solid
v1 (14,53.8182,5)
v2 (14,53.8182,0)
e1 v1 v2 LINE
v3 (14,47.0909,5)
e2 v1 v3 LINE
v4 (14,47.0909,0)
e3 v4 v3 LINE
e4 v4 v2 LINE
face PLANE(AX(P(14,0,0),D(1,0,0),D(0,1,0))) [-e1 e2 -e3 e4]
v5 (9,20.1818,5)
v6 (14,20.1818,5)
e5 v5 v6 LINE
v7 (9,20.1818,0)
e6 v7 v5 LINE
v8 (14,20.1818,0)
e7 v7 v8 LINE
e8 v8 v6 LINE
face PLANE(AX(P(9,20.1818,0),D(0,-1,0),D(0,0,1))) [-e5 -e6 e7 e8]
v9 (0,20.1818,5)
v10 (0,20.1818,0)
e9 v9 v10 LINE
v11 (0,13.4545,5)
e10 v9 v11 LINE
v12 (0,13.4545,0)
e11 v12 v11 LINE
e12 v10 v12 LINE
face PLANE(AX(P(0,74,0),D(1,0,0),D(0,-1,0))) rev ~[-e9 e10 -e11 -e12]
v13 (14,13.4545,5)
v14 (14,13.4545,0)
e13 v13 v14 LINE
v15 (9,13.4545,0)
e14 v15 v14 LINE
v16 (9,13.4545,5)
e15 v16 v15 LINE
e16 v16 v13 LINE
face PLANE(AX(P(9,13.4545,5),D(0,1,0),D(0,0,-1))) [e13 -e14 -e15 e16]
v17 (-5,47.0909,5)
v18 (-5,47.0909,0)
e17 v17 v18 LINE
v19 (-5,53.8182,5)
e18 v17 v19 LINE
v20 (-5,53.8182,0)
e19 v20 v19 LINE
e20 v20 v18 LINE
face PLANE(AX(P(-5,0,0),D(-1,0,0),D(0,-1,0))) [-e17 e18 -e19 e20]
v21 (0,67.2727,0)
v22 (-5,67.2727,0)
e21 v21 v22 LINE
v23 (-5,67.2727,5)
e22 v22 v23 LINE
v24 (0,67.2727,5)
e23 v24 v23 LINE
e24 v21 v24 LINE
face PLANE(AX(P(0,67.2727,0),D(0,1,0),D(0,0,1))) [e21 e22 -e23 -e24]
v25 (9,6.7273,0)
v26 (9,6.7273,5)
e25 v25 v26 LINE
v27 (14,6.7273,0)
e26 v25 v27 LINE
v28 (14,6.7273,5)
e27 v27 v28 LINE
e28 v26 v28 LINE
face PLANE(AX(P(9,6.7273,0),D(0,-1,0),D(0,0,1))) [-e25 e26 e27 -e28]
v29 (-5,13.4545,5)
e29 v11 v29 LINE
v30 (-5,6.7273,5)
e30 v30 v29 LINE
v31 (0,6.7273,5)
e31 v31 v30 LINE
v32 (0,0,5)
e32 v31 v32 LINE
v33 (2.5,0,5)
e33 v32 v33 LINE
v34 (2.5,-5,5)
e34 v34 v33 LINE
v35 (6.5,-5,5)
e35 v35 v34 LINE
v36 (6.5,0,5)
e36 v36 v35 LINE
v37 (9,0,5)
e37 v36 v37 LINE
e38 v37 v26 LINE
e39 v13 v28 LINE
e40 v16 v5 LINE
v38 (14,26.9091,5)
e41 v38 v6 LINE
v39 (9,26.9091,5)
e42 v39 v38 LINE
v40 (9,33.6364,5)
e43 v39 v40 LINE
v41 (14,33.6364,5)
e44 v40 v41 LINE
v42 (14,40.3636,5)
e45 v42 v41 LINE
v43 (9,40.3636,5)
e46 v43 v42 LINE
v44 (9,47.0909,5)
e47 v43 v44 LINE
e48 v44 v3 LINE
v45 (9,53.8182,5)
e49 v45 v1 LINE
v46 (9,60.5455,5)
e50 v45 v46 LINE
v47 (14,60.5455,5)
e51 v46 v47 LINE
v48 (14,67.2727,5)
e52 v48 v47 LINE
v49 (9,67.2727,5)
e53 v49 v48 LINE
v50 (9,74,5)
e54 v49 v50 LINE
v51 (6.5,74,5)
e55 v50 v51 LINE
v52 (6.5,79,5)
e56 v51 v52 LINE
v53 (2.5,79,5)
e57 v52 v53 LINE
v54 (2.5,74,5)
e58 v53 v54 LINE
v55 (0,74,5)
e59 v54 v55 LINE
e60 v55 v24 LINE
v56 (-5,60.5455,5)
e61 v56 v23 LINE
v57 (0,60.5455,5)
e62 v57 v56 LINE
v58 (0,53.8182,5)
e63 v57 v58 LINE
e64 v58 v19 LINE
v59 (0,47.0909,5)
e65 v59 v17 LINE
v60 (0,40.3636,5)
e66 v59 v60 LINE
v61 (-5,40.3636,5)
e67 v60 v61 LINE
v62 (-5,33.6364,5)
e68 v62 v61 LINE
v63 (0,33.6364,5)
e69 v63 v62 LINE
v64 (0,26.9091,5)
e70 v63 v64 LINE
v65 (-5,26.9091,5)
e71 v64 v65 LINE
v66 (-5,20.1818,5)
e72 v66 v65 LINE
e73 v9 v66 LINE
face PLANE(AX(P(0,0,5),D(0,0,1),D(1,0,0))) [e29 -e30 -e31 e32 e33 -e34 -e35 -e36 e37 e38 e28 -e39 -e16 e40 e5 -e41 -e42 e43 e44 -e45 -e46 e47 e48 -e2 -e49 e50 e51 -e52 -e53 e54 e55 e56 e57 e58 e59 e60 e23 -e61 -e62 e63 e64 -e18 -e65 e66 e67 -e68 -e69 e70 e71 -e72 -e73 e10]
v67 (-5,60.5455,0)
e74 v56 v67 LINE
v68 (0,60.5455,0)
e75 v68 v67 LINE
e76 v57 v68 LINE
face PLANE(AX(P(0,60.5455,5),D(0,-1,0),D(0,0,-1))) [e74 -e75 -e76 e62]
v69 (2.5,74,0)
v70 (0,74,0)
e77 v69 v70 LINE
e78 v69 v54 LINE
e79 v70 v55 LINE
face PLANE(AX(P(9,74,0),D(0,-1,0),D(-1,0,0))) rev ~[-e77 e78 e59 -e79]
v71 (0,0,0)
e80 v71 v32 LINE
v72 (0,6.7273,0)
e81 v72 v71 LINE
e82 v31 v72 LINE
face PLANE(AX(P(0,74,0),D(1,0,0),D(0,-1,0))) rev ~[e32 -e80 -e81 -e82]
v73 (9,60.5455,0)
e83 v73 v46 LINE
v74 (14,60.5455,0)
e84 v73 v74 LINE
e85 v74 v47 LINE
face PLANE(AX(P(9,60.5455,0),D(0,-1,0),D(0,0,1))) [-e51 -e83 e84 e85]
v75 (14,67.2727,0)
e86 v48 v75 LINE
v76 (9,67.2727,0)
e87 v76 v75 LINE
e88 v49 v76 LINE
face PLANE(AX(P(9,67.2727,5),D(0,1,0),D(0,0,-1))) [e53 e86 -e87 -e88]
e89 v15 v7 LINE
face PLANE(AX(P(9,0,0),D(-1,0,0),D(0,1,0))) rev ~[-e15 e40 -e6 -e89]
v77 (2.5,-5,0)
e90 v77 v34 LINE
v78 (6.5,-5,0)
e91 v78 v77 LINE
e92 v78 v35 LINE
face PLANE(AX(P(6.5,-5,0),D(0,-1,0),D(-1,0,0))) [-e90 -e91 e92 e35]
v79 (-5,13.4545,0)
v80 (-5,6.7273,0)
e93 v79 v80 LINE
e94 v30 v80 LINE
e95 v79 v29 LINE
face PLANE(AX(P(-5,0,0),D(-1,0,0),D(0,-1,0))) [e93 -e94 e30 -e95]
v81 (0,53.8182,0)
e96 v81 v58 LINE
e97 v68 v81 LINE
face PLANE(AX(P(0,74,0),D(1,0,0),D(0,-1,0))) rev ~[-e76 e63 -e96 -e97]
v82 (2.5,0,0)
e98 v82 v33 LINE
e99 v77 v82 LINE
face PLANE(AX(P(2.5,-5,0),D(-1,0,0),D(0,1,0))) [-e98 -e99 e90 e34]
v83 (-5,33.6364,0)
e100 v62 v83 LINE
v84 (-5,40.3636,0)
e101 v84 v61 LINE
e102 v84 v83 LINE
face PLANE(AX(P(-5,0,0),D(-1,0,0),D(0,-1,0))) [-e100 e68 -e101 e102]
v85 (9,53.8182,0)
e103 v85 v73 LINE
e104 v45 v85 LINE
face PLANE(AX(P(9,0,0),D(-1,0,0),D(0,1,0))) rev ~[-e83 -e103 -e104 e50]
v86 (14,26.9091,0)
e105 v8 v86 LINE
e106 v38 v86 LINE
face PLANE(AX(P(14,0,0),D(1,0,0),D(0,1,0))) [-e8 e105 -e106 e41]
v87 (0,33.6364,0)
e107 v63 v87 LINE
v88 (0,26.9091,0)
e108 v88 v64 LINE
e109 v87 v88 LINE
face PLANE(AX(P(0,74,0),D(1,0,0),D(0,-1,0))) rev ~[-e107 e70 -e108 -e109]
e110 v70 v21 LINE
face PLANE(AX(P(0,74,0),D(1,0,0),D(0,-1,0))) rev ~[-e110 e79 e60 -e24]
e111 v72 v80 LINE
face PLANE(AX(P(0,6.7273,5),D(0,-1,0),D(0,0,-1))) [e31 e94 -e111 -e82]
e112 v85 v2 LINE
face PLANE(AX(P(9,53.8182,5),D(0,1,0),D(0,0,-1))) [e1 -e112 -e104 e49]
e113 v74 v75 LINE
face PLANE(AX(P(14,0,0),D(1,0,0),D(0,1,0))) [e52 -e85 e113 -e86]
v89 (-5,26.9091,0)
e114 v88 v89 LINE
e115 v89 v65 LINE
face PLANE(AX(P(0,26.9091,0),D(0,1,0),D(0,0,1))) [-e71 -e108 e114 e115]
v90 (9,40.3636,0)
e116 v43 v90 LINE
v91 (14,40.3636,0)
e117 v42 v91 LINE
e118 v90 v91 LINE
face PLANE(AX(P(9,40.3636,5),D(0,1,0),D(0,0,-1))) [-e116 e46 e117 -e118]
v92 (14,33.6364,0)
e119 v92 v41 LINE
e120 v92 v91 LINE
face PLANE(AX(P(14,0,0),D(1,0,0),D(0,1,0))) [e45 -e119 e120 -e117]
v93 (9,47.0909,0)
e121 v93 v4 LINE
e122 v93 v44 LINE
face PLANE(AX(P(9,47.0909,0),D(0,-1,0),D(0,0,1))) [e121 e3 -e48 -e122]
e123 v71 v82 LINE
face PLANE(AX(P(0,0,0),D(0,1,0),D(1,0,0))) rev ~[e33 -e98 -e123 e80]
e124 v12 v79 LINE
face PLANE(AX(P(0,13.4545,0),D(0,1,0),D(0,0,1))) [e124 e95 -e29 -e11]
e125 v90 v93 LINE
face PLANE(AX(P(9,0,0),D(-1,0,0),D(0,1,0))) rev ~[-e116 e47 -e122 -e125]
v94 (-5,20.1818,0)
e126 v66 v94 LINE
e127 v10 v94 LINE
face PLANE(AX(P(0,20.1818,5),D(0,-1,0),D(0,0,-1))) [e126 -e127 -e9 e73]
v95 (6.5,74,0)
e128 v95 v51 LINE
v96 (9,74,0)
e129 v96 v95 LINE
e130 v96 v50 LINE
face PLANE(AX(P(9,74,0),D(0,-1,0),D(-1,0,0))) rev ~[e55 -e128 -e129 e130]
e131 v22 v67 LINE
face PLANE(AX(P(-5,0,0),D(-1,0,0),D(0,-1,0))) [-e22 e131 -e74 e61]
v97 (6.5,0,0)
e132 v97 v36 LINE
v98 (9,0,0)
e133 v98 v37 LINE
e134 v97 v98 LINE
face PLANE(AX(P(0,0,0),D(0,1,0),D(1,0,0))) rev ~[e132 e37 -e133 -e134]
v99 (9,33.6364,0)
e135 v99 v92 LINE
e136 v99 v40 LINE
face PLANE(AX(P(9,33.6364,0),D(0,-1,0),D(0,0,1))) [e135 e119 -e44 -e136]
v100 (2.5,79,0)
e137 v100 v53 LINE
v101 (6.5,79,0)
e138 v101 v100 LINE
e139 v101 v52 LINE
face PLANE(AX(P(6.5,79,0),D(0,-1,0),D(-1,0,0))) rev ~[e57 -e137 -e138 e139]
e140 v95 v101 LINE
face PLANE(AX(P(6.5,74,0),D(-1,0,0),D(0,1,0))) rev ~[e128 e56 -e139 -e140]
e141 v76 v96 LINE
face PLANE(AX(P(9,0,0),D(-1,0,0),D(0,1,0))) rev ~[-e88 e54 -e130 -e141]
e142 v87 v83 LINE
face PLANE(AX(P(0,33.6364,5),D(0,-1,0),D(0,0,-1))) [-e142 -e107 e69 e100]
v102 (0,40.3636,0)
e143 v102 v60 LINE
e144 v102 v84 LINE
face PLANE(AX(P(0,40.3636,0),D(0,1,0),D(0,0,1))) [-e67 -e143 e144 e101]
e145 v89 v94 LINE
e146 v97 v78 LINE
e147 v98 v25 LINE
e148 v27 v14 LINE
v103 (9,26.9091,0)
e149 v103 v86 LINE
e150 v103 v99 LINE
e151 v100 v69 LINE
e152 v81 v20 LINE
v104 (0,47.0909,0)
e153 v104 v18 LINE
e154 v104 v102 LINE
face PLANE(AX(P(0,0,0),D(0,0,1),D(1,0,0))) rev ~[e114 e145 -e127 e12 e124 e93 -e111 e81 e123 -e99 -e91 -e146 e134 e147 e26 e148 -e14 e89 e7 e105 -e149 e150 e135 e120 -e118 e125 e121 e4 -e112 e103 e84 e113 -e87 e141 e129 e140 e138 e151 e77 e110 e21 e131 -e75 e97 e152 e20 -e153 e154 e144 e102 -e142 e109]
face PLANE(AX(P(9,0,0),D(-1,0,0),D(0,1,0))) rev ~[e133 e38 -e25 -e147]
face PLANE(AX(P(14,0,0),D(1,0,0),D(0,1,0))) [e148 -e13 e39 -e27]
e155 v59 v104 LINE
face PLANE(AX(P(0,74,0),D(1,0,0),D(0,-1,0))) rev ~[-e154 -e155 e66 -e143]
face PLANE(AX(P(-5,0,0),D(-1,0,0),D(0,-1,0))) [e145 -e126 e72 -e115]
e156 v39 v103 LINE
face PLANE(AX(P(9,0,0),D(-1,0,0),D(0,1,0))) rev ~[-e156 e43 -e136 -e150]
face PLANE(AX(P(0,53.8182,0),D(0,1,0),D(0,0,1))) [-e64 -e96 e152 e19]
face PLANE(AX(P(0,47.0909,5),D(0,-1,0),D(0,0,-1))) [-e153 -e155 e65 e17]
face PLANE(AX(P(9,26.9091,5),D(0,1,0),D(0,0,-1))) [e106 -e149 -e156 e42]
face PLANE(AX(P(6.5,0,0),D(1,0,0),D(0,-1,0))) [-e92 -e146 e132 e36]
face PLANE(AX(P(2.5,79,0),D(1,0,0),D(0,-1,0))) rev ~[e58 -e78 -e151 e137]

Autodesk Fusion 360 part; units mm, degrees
sketch "Sketch1" plane through (0, 0, 0) normal (0, 0, 1) x (1, 0, 0)
  line L0 (0, 0) -> (9, 0)
  line L1 (9, 0) -> (9, 74)
  line L2 (9, 74) -> (0, 74)
  line L3 (0, 74) -> (0, 0)
  dimension "d5" = 9
  dimension "d6" = 74
extrude "Extrude1" add sketch "Sketch1" along normal blind 5
sketch "Sketch2" plane through (9, 0, 0) normal (1, 0, 0) x (0, 1, 0)
  line L0 (0, 0) -> (74, 0)
  line L1 (74, 0) -> (74, 5)
  line L2 (74, 5) -> (0, 5)
  line L3 (0, 5) -> (0, 0)
  line L4 (6.7273, 5) -> (13.4545, 5)
  line L5 (13.4545, 5) -> (13.4545, 0)
  line L6 (13.4545, 0) -> (6.7273, 0)
  line L7 (6.7273, 0) -> (6.7273, 5)
  line L8 (20.1818, 0) -> (20.1818, 5)
  line L9 (20.1818, 5) -> (26.9091, 5)
  line L10 (26.9091, 5) -> (26.9091, 0)
  line L11 (26.9091, 0) -> (20.1818, 0)
  line L12 (33.6364, 0) -> (33.6364, 5)
  line L13 (33.6364, 5) -> (40.3636, 5)
  line L14 (40.3636, 5) -> (40.3636, 0)
  line L15 (40.3636, 0) -> (33.6364, 0)
  line L16 (47.0909, 0) -> (47.0909, 5)
  line L17 (47.0909, 5) -> (53.8182, 5)
  line L18 (53.8182, 5) -> (53.8182, 0)
  line L19 (53.8182, 0) -> (47.0909, 0)
  line L20 (60.5455, 0) -> (60.5455, 5)
  line L21 (60.5455, 5) -> (67.2727, 5)
  line L22 (67.2727, 5) -> (67.2727, 0)
  line L23 (67.2727, 0) -> (60.5455, 0)
  dimension "d9" = 6.7273
  dimension "d10" = 6.7273
  dimension "d13" = 53.8182
  dimension "d14" = 0
extrude "Extrude2" add sketch "Sketch2" along normal blind 5 contours L0 L2 L4 L5 L6 L7 | L0 L2 L8 L9 L10 L11 | L0 L2 L12 L13 L14 L15 | L0 L2 L16 L17 L18 L19 | L0 L2 L20 L21 L22 L23
sketch "Sketch3" plane through (0, 0, 0) normal (-1, 0, 0) x (0, -1, 0)
  line L0 (-74, 0) -> (0, 0)
  line L1 (0, 0) -> (0, 5)
  line L2 (0, 5) -> (-74, 5)
  line L3 (-74, 5) -> (-74, 0)
  line L4 (-67.2727, 5) -> (-60.5455, 5)
  line L5 (-60.5455, 5) -> (-60.5455, 0)
  line L6 (-60.5455, 0) -> (-67.2727, 0)
  line L7 (-67.2727, 0) -> (-67.2727, 5)
  line L8 (-53.8182, 0) -> (-53.8182, 5)
  line L9 (-53.8182, 5) -> (-47.0909, 5)
  line L10 (-47.0909, 5) -> (-47.0909, 0)
  line L11 (-47.0909, 0) -> (-53.8182, 0)
  line L12 (-40.3636, 0) -> (-40.3636, 5)
  line L13 (-40.3636, 5) -> (-33.6364, 5)
  line L14 (-33.6364, 5) -> (-33.6364, 0)
  line L15 (-33.6364, 0) -> (-40.3636, 0)
  line L16 (-26.9091, 0) -> (-26.9091, 5)
  line L17 (-26.9091, 5) -> (-20.1818, 5)
  line L18 (-20.1818, 5) -> (-20.1818, 0)
  line L19 (-20.1818, 0) -> (-26.9091, 0)
  line L20 (-13.4545, 0) -> (-13.4545, 5)
  line L21 (-13.4545, 5) -> (-6.7273, 5)
  line L22 (-6.7273, 5) -> (-6.7273, 0)
  line L23 (-6.7273, 0) -> (-13.4545, 0)
  dimension "d17" = 6.7273
  dimension "d18" = 6.7273
  dimension "d21" = 53.8182
  dimension "d22" = 0
extrude "Extrude3" add sketch "Sketch3" along normal blind 5 contours L0 L2 L4 L5 L6 L7 | L0 L2 L8 L9 L10 L11 | L0 L2 L12 L13 L14 L15 | L0 L2 L16 L17 L18 L19 | L0 L2 L20 L21 L22 L23
sketch "Sketch4" plane through (0, 0, 0) normal (0, 0, 1) x (1, 0, 0)
  line L0 (2.5, 0) -> (6.5, 0)
  line L1 (6.5, 0) -> (6.5, -5)
  line L2 (6.5, -5) -> (2.5, -5)
  line L3 (2.5, -5) -> (2.5, 0)
  line L4 (0, 0) -> (9, 0)
  line L5 (6.5, 0) -> (9, 0) construction
  line L6 (0, 0) -> (2.5, 0) construction
  line L7 (2.5, 74) -> (6.5, 74)
  line L8 (6.5, 74) -> (6.5, 79)
  line L9 (6.5, 79) -> (2.5, 79)
  line L10 (2.5, 79) -> (2.5, 74)
  line L11 (9, 74) -> (0, 74)
  line L12 (6.5, 74) -> (9, 74) construction
  line L13 (2.5, 74) -> (0, 74) construction
  dimension "d25" = 5
  dimension "d26" = 4
  dimension "d27" = 4
  dimension "d28" = 5
extrude "Extrude4" add sketch "Sketch4" along normal blind 5
equation "laius = 74 mm"
equation "korgus = 9 mm"
equation "laius_tapp = laius / 11"
equation "paksus = 5 mm"
equation "d5 = korgus"
equation "d6 = laius"
equation "d7 = paksus"
equation "d9 = laius_tapp"
equation "d10 = laius_tapp"
equation "d13 = laius - 3 * laius_tapp"
equation "d15 = paksus"
equation "d17 = laius_tapp"
equation "d18 = laius_tapp"
equation "d21 = laius - 3 * laius_tapp"
equation "d23 = paksus"
equation "d25 = paksus"
equation "d28 = paksus"
equation "d29 = paksus"
